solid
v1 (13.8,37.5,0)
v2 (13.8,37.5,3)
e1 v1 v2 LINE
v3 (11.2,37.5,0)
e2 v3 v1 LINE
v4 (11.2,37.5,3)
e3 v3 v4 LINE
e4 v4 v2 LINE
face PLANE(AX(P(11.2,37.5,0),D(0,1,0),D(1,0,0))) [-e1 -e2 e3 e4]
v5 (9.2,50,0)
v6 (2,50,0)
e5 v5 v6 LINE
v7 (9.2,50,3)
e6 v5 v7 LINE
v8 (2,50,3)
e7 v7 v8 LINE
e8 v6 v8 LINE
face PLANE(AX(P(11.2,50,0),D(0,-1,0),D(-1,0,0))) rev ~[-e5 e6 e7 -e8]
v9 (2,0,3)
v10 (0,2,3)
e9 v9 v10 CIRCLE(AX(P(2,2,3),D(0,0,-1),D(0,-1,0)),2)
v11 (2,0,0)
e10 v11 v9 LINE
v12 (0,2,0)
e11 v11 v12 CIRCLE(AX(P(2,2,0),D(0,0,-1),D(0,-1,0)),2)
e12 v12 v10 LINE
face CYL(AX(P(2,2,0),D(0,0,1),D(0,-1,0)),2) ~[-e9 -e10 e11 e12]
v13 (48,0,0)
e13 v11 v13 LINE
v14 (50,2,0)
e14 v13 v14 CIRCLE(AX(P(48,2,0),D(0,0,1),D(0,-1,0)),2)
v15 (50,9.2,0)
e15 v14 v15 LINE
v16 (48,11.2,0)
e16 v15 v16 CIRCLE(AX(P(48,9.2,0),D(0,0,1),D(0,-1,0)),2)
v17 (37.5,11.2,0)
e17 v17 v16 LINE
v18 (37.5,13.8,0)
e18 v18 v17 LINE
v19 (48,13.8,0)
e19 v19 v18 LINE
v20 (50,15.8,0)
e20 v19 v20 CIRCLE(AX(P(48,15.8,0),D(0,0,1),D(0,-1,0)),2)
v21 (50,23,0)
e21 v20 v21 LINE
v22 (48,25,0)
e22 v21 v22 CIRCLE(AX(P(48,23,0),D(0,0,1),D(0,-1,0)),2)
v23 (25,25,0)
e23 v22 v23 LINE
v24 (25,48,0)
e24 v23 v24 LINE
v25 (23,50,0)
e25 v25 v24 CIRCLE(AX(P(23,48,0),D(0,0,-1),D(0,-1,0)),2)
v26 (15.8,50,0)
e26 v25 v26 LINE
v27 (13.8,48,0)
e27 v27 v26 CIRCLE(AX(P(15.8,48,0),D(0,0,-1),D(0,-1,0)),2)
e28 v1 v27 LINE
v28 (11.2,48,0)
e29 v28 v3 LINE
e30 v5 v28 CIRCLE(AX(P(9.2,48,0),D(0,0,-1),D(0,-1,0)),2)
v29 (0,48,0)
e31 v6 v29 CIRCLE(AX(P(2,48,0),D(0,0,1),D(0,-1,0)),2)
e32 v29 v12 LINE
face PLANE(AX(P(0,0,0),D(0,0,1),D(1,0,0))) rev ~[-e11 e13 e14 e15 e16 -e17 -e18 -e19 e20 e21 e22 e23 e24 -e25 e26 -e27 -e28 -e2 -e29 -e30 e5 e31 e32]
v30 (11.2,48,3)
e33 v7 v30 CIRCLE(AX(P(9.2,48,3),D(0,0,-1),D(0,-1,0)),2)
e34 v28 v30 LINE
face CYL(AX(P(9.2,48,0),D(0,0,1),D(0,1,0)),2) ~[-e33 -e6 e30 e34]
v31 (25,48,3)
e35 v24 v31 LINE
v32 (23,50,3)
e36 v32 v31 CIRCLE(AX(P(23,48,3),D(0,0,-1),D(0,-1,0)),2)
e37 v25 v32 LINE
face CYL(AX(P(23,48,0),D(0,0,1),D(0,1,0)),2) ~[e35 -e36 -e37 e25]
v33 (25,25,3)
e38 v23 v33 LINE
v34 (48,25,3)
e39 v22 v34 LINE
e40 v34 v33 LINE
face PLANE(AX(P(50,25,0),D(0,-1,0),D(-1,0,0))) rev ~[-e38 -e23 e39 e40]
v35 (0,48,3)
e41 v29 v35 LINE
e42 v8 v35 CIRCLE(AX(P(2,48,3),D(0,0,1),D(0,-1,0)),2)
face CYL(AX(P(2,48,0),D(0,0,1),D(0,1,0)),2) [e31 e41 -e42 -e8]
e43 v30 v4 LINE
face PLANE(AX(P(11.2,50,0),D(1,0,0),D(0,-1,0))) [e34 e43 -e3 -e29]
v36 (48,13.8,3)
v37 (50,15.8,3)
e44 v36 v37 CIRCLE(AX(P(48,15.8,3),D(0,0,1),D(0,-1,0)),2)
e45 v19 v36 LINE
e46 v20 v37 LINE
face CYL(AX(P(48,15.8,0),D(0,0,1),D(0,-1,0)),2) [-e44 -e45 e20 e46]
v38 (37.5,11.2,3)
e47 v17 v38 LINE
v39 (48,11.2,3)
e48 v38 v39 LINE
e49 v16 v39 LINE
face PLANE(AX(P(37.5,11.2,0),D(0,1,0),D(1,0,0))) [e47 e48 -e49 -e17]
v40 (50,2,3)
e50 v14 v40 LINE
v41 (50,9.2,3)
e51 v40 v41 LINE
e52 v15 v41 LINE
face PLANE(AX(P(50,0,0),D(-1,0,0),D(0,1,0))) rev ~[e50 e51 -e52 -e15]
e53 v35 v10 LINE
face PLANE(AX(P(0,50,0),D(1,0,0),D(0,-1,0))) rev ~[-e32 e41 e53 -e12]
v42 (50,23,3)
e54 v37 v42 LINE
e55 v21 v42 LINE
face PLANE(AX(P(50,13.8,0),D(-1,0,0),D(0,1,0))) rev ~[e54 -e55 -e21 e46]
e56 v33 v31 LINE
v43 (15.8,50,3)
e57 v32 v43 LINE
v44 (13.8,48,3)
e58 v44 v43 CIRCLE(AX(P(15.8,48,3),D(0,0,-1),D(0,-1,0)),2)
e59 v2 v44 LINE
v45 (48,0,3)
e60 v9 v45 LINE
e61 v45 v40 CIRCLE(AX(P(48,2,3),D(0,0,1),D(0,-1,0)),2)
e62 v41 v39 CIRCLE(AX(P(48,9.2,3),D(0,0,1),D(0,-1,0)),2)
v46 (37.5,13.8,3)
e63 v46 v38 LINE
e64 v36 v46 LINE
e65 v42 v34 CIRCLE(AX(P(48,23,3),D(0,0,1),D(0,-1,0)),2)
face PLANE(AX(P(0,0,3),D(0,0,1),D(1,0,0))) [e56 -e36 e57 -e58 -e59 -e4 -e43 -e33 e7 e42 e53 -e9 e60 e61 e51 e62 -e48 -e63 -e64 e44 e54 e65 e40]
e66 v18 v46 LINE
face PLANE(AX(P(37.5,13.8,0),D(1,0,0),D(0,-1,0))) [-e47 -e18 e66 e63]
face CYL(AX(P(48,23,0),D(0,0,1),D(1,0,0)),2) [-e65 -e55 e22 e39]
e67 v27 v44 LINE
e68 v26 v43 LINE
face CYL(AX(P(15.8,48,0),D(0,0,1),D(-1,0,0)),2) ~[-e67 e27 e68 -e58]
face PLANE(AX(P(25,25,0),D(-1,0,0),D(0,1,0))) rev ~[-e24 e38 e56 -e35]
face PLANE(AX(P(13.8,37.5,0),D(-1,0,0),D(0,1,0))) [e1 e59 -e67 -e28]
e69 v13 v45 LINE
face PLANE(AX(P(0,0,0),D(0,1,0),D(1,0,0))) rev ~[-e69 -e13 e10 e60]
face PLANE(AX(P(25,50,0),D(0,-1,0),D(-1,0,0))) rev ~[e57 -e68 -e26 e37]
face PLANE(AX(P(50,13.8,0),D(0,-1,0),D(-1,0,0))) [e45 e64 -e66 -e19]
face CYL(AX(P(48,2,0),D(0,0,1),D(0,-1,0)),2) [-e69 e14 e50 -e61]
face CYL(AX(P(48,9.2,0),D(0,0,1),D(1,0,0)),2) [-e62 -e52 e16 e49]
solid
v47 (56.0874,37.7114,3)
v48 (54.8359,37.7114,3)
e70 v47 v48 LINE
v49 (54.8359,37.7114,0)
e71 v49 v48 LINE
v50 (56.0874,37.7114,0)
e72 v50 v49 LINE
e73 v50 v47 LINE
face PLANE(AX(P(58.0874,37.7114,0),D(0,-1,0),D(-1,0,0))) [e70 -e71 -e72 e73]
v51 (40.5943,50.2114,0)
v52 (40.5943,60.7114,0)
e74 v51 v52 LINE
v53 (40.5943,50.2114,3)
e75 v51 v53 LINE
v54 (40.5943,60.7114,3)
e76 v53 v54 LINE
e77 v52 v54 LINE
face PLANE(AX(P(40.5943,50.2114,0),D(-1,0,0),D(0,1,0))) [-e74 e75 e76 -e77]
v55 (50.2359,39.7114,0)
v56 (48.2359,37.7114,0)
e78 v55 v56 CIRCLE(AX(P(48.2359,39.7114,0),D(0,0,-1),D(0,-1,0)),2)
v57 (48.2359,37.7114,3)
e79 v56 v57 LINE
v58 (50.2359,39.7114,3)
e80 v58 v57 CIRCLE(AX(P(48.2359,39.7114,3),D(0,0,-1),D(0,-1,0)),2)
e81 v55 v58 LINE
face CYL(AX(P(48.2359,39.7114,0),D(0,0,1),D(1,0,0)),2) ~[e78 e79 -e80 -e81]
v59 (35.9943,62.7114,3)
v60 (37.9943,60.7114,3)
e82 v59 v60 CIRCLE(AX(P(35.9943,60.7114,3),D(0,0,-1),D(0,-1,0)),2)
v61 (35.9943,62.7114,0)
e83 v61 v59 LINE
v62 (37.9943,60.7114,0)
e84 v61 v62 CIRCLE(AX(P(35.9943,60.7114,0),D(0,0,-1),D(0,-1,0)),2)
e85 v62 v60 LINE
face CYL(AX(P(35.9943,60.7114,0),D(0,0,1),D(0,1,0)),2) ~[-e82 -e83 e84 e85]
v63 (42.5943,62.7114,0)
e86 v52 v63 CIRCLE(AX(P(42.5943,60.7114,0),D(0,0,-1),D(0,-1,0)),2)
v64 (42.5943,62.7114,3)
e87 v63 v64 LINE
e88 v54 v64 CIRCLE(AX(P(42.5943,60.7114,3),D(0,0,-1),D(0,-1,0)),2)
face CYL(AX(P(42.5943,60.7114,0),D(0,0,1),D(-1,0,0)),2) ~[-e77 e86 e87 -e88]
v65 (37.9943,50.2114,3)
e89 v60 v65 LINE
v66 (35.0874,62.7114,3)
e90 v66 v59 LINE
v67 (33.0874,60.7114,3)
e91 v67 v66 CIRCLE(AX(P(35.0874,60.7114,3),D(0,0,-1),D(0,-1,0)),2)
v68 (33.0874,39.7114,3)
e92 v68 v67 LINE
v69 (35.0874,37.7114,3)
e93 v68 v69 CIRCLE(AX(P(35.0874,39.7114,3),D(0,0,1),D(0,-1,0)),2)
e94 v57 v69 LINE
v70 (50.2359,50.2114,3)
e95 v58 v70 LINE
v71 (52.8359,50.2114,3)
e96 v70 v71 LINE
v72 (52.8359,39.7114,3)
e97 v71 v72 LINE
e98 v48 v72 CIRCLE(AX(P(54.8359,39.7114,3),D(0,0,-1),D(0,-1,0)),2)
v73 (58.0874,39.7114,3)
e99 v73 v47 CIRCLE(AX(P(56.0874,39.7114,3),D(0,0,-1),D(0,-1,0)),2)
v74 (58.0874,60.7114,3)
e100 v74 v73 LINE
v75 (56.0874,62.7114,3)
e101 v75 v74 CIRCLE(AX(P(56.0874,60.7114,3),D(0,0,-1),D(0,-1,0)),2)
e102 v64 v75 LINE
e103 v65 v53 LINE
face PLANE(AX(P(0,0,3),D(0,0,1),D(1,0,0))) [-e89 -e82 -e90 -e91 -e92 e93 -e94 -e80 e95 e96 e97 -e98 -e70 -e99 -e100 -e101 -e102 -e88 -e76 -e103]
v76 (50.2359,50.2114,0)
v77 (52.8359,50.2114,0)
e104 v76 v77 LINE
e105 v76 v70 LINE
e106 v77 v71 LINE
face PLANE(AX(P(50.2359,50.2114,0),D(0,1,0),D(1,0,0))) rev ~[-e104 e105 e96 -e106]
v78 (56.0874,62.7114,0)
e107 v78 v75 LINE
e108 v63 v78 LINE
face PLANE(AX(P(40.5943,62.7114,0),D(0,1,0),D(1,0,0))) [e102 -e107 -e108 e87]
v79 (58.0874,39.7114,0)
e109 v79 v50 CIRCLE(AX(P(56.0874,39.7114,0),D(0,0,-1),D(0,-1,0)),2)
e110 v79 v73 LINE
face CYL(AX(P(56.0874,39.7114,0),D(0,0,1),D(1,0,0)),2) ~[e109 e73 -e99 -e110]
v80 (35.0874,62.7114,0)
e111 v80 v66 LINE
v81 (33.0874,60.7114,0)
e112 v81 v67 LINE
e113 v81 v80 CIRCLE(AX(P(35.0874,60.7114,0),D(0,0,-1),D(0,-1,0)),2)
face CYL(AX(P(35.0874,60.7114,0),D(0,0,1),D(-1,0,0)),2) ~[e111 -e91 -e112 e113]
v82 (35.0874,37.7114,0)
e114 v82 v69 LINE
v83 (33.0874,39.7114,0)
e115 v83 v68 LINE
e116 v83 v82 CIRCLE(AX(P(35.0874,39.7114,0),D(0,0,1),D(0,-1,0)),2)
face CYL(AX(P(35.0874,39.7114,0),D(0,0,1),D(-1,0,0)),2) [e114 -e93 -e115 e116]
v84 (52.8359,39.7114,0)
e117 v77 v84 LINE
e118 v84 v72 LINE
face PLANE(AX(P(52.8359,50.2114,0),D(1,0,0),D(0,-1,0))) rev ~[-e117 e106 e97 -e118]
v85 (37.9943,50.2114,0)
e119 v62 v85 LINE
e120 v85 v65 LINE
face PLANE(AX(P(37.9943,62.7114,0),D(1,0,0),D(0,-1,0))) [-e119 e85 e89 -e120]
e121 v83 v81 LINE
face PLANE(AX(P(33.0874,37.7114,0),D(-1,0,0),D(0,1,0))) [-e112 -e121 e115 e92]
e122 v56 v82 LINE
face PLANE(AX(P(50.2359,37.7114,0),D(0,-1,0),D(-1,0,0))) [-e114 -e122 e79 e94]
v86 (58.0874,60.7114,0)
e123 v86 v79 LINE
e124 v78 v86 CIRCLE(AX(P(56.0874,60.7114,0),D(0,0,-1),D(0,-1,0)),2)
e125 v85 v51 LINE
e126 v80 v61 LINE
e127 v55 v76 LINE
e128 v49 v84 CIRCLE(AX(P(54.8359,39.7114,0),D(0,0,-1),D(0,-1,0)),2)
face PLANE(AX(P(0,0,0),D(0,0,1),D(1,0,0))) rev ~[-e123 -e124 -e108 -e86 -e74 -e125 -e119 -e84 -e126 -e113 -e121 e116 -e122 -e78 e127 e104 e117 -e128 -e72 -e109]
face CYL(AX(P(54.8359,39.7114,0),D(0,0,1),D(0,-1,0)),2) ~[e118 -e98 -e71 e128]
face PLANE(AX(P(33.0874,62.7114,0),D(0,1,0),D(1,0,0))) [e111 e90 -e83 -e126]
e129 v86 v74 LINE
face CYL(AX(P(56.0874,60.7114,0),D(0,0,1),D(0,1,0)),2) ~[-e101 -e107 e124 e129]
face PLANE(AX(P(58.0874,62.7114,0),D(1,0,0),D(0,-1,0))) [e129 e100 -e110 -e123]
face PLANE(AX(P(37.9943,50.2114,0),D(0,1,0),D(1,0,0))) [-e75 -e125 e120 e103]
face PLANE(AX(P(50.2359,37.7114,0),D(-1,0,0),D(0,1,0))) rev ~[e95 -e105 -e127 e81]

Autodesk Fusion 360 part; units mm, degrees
sketch "Sketch1" plane through (0, 0, 0) normal (0, 0, 1) x (1, 0, 0)
sketch "Sketch2" plane through (0, 0, 0) normal (0, 0, 1) x (1, 0, 0)
  line L0 (0, 50) -> (0, 0)
  line L1 (0, 0) -> (50, 0)
  line L2 (50, 0) -> (50, 25)
  line L3 (50, 25) -> (25, 25)
  line L4 (25, 25) -> (25, 50)
  line L5 (25, 50) -> (0, 50)
  line L6 (12.5, 50) -> (12.5, 0) construction
  line L7 (0, 12.5) -> (50, 12.5) construction
  line L8 (11.2, 50) -> (11.2, 37.5)
  line L9 (11.2, 37.5) -> (13.8, 37.5)
  line L10 (13.8, 37.5) -> (13.8, 50)
  line L11 (50, 13.8) -> (37.5, 13.8)
  line L12 (37.5, 13.8) -> (37.5, 11.2)
  line L13 (37.5, 11.2) -> (50, 11.2)
  line L14 (33.0874, 37.7114) -> (33.0874, 62.7114)
  line L15 (33.0874, 62.7114) -> (58.0874, 62.7114)
  line L16 (58.0874, 62.7114) -> (58.0874, 37.7114)
  line L17 (58.0874, 37.7114) -> (33.0874, 37.7114)
  line L18 (45.5874, 62.7114) -> (45.5874, 37.7114) construction
  line L19 (39.3374, 62.7114) -> (39.3374, 38) construction
  line L20 (51.8374, 62.7114) -> (51.8374, 37.7114) construction
  line L21 (37.9943, 62.7114) -> (37.9943, 50.2114)
  line L22 (37.9943, 50.2114) -> (40.5943, 50.2114)
  line L23 (40.5943, 50.2114) -> (40.5943, 62.7114)
  line L24 (50.2359, 37.7114) -> (50.2359, 50.2114)
  line L25 (50.2359, 50.2114) -> (52.8359, 50.2114)
  line L26 (52.8359, 50.2114) -> (52.8359, 37.7114)
  dimension "d5" = 50
  dimension "d6" = 2.6
  dimension "d7" = 2.6
  dimension "d8" = 12.5
  dimension "d9" = 12.5
  dimension "d18" = 25
  dimension "d19" = 25
  dimension "d20" = 2.6
  dimension "d21" = 2.6
  dimension "d22" = 12.5
  dimension "d23" = 12.5
extrude "Extrude1" add sketch "Sketch2" along normal blind 3 contours L0 L1 L2 L3 L4 L5 L8 L9 L10 L11 L12 L13 makes body 1
fillet "Fillet1" radius 2 4 edges at (13.8, 50, 1.5) (11.2, 50, 1.5) (0, 50, 1.5) (25, 50, 1.5) on bodies 1
fillet "Fillet2" radius 2 4 edges at (50, 25, 1.5) (50, 13.8, 1.5) (50, 11.2, 1.5) (50, 0, 1.5) on bodies 1
fillet "Fillet3" radius 2 1 edges at (0, 0, 1.5) on bodies 1
extrude "Extrude2" add sketch "Sketch2" along normal blind 3 separate body contours L14 L15 L16 L17 L21 L22 L23 L24 L25 L26 makes body 2
fillet "Fillet4" radius 2 8 edges at (58.0874, 37.7114, 1.5) (52.8359, 37.7114, 1.5) (50.2359, 37.7114, 1.5) (33.0874, 37.7114, 1.5) (33.0874, 62.7114, 1.5) (37.9943, 62.7114, 1.5) (40.5943, 62.7114, 1.5) (58.0874, 62.7114, 1.5) on bodies 2
sketch "Sketch5" plane through (0, 0, 3) normal (0, 0, 1) x (-1, 0, 0)
  arc A0 (0, -2) -> (-2, 0) centre (-2, -2) ccw
  line L0 (-2, 0) -> (-48, 0)
  arc A1 (-48, 0) -> (-50, -2) centre (-48, -2) ccw
  line L1 (-50, -2) -> (-50, -9.2)
  arc A2 (-50, -9.2) -> (-48, -11.2) centre (-48, -9.2) ccw
  line L2 (-48, -11.2) -> (-37.5, -11.2)
  line L3 (-37.5, -11.2) -> (-37.5, -13.8)
  line L4 (-37.5, -13.8) -> (-48, -13.8)
  arc A3 (-48, -13.8) -> (-50, -15.8) centre (-48, -15.8) ccw
  line L5 (-50, -15.8) -> (-50, -23)
  arc A4 (-50, -23) -> (-48, -25) centre (-48, -23) ccw
  line L6 (-48, -25) -> (-25, -25)
  line L7 (-25, -25) -> (-25, -48)
  arc A5 (-25, -48) -> (-23, -50) centre (-23, -48) ccw
  line L8 (-23, -50) -> (-15.8, -50)
  arc A6 (-15.8, -50) -> (-13.8, -48) centre (-15.8, -48) ccw
  line L9 (-13.8, -48) -> (-13.8, -37.5)
  line L10 (-13.8, -37.5) -> (-11.2, -37.5)
  line L11 (-11.2, -37.5) -> (-11.2, -48)
  arc A7 (-11.2, -48) -> (-9.2, -50) centre (-9.2, -48) ccw
  line L12 (-9.2, -50) -> (-2, -50)
  arc A8 (-2, -50) -> (0, -48) centre (-2, -48) ccw
  line L13 (0, -48) -> (0, -2)
sketch "Sketch6" plane through (0, 0, 3) normal (0, 0, 1) x (-1, 0, 0)
  arc A0 (-58.0874, -60.7114) -> (-56.0874, -62.7114) centre (-56.0874, -60.7114) ccw
  line L0 (-56.0874, -62.7114) -> (-42.5943, -62.7114)
  arc A1 (-42.5943, -62.7114) -> (-40.5943, -60.7114) centre (-42.5943, -60.7114) ccw
  line L1 (-40.5943, -60.7114) -> (-40.5943, -50.2114)
  line L2 (-40.5943, -50.2114) -> (-37.9943, -50.2114)
  line L3 (-37.9943, -50.2114) -> (-37.9943, -60.7114)
  arc A2 (-37.9943, -60.7114) -> (-35.9943, -62.7114) centre (-35.9943, -60.7114) ccw
  arc A3 (-35.0874, -62.7114) -> (-33.0874, -60.7114) centre (-35.0874, -60.7114) ccw
  line L4 (-33.0874, -60.7114) -> (-33.0874, -39.7114)
  arc A4 (-33.0874, -39.7114) -> (-35.0874, -37.7114) centre (-35.0874, -39.7114) ccw
  line L5 (-35.0874, -37.7114) -> (-48.2359, -37.7114)
  arc A5 (-48.2359, -37.7114) -> (-50.2359, -39.7114) centre (-48.2359, -39.7114) ccw
  line L6 (-50.2359, -39.7114) -> (-50.2359, -50.2114)
  line L7 (-50.2359, -50.2114) -> (-52.8359, -50.2114)
  line L8 (-52.8359, -50.2114) -> (-52.8359, -39.7114)
  arc A6 (-52.8359, -39.7114) -> (-54.8359, -37.7114) centre (-54.8359, -39.7114) ccw
  arc A7 (-56.0874, -37.7114) -> (-58.0874, -39.7114) centre (-56.0874, -39.7114) ccw
  line L9 (-58.0874, -39.7114) -> (-58.0874, -60.7114)
  line L10 (-35.9943, -62.7114) -> (-35.0874, -62.7114)
  line L11 (-54.8359, -37.7114) -> (-56.0874, -37.7114)
sketch "Sketch7" plane through (0, 0, 3) normal (0, 0, 1) x (-1, 0, 0)
  arc A0 (0, -2) -> (-2, 0) centre (-2, -2) ccw
  line L0 (-2, 0) -> (-48, 0)
  arc A1 (-48, 0) -> (-50, -2) centre (-48, -2) ccw
  line L1 (-50, -2) -> (-50, -9.2)
  arc A2 (-50, -9.2) -> (-48, -11.2) centre (-48, -9.2) ccw
  line L2 (-48, -11.2) -> (-37.5, -11.2)
  line L3 (-37.5, -11.2) -> (-37.5, -13.8)
  line L4 (-37.5, -13.8) -> (-48, -13.8)
  arc A3 (-48, -13.8) -> (-50, -15.8) centre (-48, -15.8) ccw
  line L5 (-50, -15.8) -> (-50, -23)
  arc A4 (-50, -23) -> (-48, -25) centre (-48, -23) ccw
  line L6 (-48, -25) -> (-25, -25)
  line L7 (-25, -25) -> (-25, -48)
  arc A5 (-25, -48) -> (-23, -50) centre (-23, -48) ccw
  line L8 (-23, -50) -> (-15.8, -50)
  arc A6 (-15.8, -50) -> (-13.8, -48) centre (-15.8, -48) ccw
  line L9 (-13.8, -48) -> (-13.8, -37.5)
  line L10 (-13.8, -37.5) -> (-11.2, -37.5)
  line L11 (-11.2, -37.5) -> (-11.2, -48)
  arc A7 (-11.2, -48) -> (-9.2, -50) centre (-9.2, -48) ccw
  line L12 (-9.2, -50) -> (-2, -50)
  arc A8 (-2, -50) -> (0, -48) centre (-2, -48) ccw
  line L13 (0, -48) -> (0, -2)
  arc A9 (-58.0874, -60.7114) -> (-56.0874, -62.7114) centre (-56.0874, -60.7114) ccw
  line L14 (-56.0874, -62.7114) -> (-42.5943, -62.7114)
  arc A10 (-42.5943, -62.7114) -> (-40.5943, -60.7114) centre (-42.5943, -60.7114) ccw
  line L15 (-40.5943, -60.7114) -> (-40.5943, -50.2114)
  line L16 (-40.5943, -50.2114) -> (-37.9943, -50.2114)
  line L17 (-37.9943, -50.2114) -> (-37.9943, -60.7114)
  arc A11 (-37.9943, -60.7114) -> (-35.9943, -62.7114) centre (-35.9943, -60.7114) ccw
  line L18 (-35.9943, -62.7114) -> (-35.0874, -62.7114)
  arc A12 (-35.0874, -62.7114) -> (-33.0874, -60.7114) centre (-35.0874, -60.7114) ccw
  line L19 (-33.0874, -60.7114) -> (-33.0874, -39.7114)
  arc A13 (-33.0874, -39.7114) -> (-35.0874, -37.7114) centre (-35.0874, -39.7114) ccw
  line L20 (-35.0874, -37.7114) -> (-48.2359, -37.7114)
  arc A14 (-48.2359, -37.7114) -> (-50.2359, -39.7114) centre (-48.2359, -39.7114) ccw
  line L21 (-50.2359, -39.7114) -> (-50.2359, -50.2114)
  line L22 (-50.2359, -50.2114) -> (-52.8359, -50.2114)
  line L23 (-52.8359, -50.2114) -> (-52.8359, -39.7114)
  arc A15 (-52.8359, -39.7114) -> (-54.8359, -37.7114) centre (-54.8359, -39.7114) ccw
  line L24 (-54.8359, -37.7114) -> (-56.0874, -37.7114)
  arc A16 (-56.0874, -37.7114) -> (-58.0874, -39.7114) centre (-56.0874, -39.7114) ccw
  line L25 (-58.0874, -39.7114) -> (-58.0874, -60.7114)
equation "Kerf = 0.3 mm"
equation "Side = 50 mm"
equation "Width = 3 mm"
equation "d5 = Side"
equation "d6 = d7"
equation "d7 = Width - Kerf - Compression"
equation "d8 = Side / 4"
equation "d9 = Side / 4"
equation "d10 = Width"
equation "d13 = Fillet"
equation "d15 = Fillet"
equation "d17 = Fillet"
equation "d18 = Side / 2"
equation "d19 = Side / 2"
equation "d20 = d7"
equation "d21 = d7"
equation "d22 = Side / 4"
equation "d23 = Side / 4"
equation "d24 = Width"
equation "d27 = Fillet"
equation "Fillet = 2 mm"
equation "Compression = 0.1 mm"
